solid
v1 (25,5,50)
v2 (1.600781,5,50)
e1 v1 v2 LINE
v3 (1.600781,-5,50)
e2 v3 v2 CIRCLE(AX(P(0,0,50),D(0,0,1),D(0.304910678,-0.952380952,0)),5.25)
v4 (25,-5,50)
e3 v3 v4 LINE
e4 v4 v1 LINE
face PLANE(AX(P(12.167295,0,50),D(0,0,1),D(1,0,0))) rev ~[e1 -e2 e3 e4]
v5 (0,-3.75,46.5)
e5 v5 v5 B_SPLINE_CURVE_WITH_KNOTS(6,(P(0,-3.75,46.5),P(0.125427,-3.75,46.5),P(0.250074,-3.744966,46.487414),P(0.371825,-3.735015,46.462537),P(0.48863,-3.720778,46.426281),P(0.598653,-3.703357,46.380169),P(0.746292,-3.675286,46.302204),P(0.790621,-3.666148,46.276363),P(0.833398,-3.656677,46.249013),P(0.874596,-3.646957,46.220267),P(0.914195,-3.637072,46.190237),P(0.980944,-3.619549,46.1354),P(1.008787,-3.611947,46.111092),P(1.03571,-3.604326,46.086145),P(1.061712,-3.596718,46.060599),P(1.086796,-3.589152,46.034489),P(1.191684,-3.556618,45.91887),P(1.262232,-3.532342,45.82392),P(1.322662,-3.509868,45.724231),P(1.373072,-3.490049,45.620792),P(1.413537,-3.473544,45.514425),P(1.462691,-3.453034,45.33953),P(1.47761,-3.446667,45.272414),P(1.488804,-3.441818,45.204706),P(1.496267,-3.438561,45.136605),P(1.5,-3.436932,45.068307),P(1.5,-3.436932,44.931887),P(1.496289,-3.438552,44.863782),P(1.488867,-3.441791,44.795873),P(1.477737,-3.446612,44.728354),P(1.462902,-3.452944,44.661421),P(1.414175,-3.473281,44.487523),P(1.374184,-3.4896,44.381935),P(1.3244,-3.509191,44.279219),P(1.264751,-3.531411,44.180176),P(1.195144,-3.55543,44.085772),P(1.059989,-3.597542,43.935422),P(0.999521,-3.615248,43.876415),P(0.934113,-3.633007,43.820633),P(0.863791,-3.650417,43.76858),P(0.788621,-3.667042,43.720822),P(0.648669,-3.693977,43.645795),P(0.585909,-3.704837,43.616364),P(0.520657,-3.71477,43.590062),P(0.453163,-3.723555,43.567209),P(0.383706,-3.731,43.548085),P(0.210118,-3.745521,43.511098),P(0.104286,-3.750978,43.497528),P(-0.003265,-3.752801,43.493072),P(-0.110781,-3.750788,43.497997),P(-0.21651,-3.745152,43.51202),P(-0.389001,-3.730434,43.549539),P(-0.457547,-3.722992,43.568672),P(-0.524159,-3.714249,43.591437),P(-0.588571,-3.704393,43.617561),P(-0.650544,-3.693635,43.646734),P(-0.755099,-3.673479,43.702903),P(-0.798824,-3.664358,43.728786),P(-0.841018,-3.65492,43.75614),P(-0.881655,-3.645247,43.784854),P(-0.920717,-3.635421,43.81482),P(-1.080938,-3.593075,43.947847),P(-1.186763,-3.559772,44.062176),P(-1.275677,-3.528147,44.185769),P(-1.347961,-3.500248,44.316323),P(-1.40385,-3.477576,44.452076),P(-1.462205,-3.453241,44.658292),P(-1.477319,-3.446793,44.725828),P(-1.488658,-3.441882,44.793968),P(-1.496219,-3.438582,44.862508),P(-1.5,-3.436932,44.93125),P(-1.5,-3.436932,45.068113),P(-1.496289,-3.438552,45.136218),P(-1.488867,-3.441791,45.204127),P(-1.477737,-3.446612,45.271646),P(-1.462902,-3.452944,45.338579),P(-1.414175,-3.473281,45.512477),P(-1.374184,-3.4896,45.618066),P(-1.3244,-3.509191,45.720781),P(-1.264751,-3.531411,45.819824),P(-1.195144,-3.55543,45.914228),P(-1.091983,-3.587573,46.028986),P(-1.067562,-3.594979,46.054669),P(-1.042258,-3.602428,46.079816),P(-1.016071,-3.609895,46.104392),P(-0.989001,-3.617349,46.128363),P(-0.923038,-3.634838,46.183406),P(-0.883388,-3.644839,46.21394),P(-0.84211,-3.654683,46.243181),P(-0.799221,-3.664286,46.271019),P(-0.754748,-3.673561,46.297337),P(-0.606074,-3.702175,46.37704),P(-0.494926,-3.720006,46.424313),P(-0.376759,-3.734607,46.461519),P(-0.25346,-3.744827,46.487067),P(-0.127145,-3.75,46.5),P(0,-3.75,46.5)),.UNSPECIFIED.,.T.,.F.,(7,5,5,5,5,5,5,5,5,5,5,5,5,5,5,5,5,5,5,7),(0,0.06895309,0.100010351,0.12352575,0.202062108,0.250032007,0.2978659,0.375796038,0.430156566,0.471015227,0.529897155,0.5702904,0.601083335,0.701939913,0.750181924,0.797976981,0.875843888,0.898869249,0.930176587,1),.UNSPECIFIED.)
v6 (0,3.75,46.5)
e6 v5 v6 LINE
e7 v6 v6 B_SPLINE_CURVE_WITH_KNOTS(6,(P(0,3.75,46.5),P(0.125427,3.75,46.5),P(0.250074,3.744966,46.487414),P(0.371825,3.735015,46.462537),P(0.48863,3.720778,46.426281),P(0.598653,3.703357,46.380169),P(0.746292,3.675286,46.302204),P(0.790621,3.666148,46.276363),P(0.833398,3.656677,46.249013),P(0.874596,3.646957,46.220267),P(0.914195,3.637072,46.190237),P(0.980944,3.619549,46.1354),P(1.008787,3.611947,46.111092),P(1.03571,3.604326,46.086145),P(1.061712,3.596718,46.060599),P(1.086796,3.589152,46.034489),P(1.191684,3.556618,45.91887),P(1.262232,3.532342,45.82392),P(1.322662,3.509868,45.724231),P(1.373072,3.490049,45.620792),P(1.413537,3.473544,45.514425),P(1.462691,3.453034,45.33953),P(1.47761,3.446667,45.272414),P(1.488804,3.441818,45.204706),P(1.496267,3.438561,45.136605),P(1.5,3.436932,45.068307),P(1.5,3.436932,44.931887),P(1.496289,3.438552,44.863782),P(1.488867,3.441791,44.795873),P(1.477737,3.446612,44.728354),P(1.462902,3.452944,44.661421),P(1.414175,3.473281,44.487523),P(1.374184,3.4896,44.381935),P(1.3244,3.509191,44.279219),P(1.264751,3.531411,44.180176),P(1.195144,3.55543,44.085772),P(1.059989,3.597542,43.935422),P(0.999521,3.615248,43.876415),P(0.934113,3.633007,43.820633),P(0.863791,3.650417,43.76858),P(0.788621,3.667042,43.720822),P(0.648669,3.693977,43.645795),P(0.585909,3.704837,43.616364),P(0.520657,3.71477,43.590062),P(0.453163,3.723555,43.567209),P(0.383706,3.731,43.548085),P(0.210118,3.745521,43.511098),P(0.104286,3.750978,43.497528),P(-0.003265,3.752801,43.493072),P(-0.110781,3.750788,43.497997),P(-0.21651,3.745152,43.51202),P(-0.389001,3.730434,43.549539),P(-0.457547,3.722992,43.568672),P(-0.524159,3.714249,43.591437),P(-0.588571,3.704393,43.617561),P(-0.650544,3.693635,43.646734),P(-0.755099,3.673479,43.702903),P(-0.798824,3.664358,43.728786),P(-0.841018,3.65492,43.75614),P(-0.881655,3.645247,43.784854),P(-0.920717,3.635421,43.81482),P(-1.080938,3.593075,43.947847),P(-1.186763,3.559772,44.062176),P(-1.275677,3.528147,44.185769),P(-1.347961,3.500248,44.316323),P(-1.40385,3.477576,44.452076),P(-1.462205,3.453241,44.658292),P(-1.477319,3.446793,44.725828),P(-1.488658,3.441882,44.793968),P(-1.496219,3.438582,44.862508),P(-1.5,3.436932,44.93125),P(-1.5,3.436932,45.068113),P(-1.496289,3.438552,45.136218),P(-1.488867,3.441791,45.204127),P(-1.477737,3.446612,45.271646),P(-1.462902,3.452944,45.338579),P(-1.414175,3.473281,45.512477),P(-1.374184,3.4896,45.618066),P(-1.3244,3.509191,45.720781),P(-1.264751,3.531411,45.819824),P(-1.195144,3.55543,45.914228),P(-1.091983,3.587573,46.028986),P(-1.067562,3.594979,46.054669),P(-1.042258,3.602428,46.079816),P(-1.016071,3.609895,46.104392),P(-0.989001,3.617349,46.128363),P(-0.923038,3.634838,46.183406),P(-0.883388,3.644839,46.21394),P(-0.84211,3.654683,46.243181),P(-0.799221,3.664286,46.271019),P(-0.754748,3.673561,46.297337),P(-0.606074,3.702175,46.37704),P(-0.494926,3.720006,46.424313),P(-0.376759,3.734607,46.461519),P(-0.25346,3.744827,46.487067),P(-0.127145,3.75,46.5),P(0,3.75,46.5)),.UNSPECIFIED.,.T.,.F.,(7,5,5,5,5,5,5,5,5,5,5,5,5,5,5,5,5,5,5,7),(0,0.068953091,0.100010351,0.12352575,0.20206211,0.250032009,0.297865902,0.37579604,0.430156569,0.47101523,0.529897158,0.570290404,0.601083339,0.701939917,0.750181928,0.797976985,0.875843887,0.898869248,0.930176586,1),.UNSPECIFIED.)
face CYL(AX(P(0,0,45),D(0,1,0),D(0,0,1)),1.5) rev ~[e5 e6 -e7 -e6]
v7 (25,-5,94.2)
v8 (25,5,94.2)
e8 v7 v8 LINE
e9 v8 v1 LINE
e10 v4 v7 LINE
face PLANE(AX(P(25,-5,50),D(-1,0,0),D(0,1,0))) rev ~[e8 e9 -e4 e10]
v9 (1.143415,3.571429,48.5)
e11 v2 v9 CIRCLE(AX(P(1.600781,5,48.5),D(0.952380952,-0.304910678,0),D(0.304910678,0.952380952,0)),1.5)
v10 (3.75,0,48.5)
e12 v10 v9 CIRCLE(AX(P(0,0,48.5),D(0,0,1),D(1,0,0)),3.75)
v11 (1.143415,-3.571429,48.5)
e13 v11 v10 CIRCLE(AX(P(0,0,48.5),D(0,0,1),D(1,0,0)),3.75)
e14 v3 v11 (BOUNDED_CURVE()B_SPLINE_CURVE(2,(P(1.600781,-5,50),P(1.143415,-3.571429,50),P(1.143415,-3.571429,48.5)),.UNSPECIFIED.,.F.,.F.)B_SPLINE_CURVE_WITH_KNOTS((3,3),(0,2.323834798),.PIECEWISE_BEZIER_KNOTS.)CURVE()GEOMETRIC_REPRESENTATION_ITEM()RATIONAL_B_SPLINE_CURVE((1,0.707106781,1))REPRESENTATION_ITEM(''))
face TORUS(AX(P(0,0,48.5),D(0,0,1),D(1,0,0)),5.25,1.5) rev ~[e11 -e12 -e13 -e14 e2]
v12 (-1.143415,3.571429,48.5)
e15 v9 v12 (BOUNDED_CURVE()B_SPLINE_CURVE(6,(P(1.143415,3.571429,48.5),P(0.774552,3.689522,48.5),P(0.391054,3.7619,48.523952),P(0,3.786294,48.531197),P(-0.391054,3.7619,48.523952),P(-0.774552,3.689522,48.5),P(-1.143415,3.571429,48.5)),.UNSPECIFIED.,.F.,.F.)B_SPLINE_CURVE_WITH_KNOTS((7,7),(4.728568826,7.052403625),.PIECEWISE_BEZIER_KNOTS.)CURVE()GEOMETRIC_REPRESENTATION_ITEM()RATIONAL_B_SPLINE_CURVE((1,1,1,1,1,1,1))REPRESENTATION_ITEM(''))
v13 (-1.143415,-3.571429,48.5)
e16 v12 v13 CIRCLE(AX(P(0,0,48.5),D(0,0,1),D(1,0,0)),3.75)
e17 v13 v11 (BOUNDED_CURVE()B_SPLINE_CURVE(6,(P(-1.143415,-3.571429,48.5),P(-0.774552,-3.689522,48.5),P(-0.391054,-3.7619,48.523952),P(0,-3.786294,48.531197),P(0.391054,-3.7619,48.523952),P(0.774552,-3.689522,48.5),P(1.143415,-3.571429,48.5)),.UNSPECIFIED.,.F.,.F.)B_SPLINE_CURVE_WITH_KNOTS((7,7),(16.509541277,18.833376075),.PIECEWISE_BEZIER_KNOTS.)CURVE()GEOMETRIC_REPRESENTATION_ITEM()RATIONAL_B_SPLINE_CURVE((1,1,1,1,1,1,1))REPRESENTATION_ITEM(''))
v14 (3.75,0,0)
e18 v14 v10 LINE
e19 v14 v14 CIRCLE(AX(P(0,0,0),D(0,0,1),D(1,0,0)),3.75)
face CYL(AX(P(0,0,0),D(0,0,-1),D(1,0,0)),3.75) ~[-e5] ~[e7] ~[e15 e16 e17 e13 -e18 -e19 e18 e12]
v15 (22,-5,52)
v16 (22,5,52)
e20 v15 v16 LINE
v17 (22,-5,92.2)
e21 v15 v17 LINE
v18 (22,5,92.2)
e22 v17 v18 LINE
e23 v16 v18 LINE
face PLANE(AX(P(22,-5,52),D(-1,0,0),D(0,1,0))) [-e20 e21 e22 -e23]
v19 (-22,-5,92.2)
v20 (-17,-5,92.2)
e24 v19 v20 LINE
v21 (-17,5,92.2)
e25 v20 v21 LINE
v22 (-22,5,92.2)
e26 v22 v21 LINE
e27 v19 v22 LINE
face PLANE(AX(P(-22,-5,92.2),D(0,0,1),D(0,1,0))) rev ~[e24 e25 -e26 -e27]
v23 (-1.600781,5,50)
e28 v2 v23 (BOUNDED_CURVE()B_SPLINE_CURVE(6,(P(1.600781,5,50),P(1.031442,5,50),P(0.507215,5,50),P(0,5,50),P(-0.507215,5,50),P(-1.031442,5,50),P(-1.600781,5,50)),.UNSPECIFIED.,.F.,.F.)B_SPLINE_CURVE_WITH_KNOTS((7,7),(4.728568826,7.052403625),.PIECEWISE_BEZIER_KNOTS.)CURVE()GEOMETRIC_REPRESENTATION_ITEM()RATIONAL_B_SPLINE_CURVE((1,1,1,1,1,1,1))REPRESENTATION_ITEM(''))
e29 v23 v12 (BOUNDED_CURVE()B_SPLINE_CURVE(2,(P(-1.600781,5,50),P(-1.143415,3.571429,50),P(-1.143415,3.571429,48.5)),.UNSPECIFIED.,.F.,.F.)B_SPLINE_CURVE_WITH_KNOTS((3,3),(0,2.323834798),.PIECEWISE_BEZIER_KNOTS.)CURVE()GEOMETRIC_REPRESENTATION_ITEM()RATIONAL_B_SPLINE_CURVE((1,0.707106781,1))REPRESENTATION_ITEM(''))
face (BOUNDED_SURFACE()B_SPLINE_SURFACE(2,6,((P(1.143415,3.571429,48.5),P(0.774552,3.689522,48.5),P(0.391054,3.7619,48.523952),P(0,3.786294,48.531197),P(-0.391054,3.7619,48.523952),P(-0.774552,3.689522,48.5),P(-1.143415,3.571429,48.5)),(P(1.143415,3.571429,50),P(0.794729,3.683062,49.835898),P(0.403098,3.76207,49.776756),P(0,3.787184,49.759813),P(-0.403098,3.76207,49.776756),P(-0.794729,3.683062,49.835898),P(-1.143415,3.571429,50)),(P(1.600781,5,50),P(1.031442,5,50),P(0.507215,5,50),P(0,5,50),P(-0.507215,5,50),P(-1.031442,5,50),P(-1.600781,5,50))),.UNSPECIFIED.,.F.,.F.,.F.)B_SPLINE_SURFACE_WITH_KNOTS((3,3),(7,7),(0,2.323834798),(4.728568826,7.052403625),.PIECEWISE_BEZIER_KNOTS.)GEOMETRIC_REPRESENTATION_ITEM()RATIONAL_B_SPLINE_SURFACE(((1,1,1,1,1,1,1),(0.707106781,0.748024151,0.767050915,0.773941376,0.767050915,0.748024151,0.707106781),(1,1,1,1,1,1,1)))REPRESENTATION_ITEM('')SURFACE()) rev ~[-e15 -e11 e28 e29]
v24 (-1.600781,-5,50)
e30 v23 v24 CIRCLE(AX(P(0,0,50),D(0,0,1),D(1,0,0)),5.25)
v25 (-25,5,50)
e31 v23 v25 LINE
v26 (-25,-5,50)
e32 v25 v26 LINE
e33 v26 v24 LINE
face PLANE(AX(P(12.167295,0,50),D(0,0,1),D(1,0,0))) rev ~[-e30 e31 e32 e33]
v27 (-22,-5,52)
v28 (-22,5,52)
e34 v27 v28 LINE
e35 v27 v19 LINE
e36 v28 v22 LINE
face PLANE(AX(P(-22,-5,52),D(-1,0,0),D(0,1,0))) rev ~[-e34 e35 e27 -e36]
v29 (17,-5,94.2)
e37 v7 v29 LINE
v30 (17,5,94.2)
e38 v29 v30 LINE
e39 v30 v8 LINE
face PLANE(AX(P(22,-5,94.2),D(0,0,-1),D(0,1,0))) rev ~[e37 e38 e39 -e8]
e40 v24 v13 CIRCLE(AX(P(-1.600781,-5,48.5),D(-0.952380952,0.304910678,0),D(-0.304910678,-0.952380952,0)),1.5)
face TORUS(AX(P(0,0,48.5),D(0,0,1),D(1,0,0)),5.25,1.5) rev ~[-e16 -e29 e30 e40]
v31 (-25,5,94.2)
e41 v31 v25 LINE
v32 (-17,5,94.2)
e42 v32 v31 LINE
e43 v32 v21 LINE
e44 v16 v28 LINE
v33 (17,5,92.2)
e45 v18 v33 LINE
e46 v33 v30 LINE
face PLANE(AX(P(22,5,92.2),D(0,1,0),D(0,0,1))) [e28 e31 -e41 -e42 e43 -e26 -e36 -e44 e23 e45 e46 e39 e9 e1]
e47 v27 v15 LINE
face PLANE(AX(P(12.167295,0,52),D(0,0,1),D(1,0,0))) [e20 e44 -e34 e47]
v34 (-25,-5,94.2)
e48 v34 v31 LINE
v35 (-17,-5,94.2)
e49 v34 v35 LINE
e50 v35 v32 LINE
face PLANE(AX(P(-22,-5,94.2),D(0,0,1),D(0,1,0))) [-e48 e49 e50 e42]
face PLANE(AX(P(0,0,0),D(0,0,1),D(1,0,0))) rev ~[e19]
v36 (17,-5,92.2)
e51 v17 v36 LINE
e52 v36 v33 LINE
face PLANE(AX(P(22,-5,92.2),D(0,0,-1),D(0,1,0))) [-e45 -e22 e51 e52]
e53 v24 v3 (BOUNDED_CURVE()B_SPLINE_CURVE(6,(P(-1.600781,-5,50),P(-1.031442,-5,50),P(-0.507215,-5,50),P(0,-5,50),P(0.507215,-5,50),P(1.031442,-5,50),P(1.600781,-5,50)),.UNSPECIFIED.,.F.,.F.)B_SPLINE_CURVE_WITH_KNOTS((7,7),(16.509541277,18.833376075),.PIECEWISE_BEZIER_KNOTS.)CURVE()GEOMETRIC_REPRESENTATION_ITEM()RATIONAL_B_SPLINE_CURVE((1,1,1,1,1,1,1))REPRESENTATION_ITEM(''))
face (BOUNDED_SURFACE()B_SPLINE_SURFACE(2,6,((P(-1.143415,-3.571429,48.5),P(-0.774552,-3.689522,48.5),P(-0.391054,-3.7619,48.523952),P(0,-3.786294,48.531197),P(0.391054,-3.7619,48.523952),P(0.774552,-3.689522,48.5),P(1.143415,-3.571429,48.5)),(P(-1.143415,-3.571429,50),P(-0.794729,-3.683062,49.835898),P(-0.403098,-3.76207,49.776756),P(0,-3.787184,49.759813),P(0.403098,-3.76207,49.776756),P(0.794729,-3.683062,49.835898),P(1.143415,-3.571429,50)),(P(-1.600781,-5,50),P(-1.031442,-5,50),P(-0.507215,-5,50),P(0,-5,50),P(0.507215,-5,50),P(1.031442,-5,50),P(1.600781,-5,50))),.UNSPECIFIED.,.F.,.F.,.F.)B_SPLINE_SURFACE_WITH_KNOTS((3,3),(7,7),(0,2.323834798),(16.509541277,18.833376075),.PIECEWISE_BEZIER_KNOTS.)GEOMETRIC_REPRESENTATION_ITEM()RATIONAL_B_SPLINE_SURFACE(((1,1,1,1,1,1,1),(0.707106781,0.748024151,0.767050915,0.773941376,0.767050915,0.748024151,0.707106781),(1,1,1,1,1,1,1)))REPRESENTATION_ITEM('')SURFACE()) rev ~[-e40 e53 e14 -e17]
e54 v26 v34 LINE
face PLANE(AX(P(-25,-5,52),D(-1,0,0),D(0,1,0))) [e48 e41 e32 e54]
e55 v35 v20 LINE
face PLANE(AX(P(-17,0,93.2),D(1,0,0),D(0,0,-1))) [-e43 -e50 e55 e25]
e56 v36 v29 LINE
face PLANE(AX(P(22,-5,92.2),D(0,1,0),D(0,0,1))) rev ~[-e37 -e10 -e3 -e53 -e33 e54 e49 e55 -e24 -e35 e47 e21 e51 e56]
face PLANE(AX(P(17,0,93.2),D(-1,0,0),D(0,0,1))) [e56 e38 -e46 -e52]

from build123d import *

# Parameters (mm, degrees)
ESBO_O1_R                = 3.75
RESSALTO_EXTRUS_O1_DEPTH = 50
RESSALTO_EXTRUS_O2_DEPTH = 2
ESBO_O3_W                = 3
ESBO_O3_H                = 10
RESSALTO_EXTRUS_O3_DEPTH = 42.2
ESBO_O4_W                = 2
ESBO_O4_H                = 10
RESSALTO_EXTRUS_O4_DEPTH = 5
ESBO_O5_W                = 2
ESBO_O5_H                = 10
RESSALTO_EXTRUS_O5_DEPTH = 5
FILETE1_R                = 1.5
ESBO_O6_R                = 1.5
CORTE_EXTRUS_O1_DEPTH    = 5


with BuildPart() as part:
    # Esboço1 → Ressalto-extrusão1 (new body)
    with BuildSketch(Plane.XY):
        Circle(ESBO_O1_R)
    extrude(amount=RESSALTO_EXTRUS_O1_DEPTH)

    # Esboço2 → Ressalto-extrusão2 (add)
    with BuildSketch(Plane.XY.offset(50)):
        with BuildLine():
            Line((0, 5), (0, 3.75))
            ThreePointArc((0, 3.75), (2.651650429, 2.651650429), (3.75, 0))
            ThreePointArc((3.75, 0), (2.651650429, -2.651650429), (0, -3.75))
            Line((0, -3.75), (0, -5))
            Line((0, -5), (25, -5))
            Line((25, -5), (25, 5))
            Line((25, 5), (0, 5))
        make_face()
        with BuildLine():
            ThreePointArc((0, -3.75), (-3.75, 0), (0, 3.75))
            Line((0, 3.75), (0, 5))
            Line((0, 5), (-25, 5))
            Line((-25, 5), (-25, -5))
            Line((-25, -5), (0, -5))
            Line((0, -5), (0, -3.75))
        make_face()
        with BuildLine():
            Line((0, -3.75), (0, 0))
            Line((0, 0), (0, 3.75))
            ThreePointArc((0, 3.75), (-3.75, 0), (0, -3.75))
        make_face()
        with BuildLine():
            Line((0, 3.75), (0, 0))
            Line((0, 0), (0, -3.75))
            ThreePointArc((0, -3.75), (2.651650429, -2.651650429), (3.75, 0))
            ThreePointArc((3.75, 0), (2.651650429, 2.651650429), (0, 3.75))
        make_face()
    extrude(amount=RESSALTO_EXTRUS_O2_DEPTH)

    # Esboço3 → Ressalto-extrusão3 (add)
    with BuildSketch(Plane.XY.offset(52)):
        with Locations((-23.5, 0)):
            Rectangle(ESBO_O3_W, ESBO_O3_H)
        with Locations((23.5, 0)):
            Rectangle(ESBO_O3_W, ESBO_O3_H)
    extrude(amount=RESSALTO_EXTRUS_O3_DEPTH)

    # Esboço4 → Ressalto-extrusão4 (add)
    with BuildSketch(Plane(origin=(-22, 0, 0), x_dir=(0, 0, -1), z_dir=(1, 0, 0))):
        with Locations((-93.2, 0)):
            Rectangle(ESBO_O4_W, ESBO_O4_H)
    extrude(amount=RESSALTO_EXTRUS_O4_DEPTH)

    # Esboço5 → Ressalto-extrusão5 (add)
    with BuildSketch(Plane.ZY.offset(-22)):
        with Locations((93.2, 0)):
            Rectangle(ESBO_O5_W, ESBO_O5_H)
    extrude(amount=RESSALTO_EXTRUS_O5_DEPTH)

    # Filete1
    filete1_edges = [part.edges().sort_by_distance(p)[0] for p in [
        (-3.75, 0, 50),
    ]]
    fillet(filete1_edges, radius=FILETE1_R)

    # Esboço6 → Corte-extrusão1 (cut, symmetric)
    with BuildSketch(Plane(origin=(0, 0, 0), x_dir=(1, 0, 0), z_dir=(0, 1, 0))):
        with Locations(Location((0, -45, 0), (0, 0, 270))):
            Circle(ESBO_O6_R)
    extrude(amount=CORTE_EXTRUS_O1_DEPTH, both=True, mode=Mode.SUBTRACT)


solid = part.part
